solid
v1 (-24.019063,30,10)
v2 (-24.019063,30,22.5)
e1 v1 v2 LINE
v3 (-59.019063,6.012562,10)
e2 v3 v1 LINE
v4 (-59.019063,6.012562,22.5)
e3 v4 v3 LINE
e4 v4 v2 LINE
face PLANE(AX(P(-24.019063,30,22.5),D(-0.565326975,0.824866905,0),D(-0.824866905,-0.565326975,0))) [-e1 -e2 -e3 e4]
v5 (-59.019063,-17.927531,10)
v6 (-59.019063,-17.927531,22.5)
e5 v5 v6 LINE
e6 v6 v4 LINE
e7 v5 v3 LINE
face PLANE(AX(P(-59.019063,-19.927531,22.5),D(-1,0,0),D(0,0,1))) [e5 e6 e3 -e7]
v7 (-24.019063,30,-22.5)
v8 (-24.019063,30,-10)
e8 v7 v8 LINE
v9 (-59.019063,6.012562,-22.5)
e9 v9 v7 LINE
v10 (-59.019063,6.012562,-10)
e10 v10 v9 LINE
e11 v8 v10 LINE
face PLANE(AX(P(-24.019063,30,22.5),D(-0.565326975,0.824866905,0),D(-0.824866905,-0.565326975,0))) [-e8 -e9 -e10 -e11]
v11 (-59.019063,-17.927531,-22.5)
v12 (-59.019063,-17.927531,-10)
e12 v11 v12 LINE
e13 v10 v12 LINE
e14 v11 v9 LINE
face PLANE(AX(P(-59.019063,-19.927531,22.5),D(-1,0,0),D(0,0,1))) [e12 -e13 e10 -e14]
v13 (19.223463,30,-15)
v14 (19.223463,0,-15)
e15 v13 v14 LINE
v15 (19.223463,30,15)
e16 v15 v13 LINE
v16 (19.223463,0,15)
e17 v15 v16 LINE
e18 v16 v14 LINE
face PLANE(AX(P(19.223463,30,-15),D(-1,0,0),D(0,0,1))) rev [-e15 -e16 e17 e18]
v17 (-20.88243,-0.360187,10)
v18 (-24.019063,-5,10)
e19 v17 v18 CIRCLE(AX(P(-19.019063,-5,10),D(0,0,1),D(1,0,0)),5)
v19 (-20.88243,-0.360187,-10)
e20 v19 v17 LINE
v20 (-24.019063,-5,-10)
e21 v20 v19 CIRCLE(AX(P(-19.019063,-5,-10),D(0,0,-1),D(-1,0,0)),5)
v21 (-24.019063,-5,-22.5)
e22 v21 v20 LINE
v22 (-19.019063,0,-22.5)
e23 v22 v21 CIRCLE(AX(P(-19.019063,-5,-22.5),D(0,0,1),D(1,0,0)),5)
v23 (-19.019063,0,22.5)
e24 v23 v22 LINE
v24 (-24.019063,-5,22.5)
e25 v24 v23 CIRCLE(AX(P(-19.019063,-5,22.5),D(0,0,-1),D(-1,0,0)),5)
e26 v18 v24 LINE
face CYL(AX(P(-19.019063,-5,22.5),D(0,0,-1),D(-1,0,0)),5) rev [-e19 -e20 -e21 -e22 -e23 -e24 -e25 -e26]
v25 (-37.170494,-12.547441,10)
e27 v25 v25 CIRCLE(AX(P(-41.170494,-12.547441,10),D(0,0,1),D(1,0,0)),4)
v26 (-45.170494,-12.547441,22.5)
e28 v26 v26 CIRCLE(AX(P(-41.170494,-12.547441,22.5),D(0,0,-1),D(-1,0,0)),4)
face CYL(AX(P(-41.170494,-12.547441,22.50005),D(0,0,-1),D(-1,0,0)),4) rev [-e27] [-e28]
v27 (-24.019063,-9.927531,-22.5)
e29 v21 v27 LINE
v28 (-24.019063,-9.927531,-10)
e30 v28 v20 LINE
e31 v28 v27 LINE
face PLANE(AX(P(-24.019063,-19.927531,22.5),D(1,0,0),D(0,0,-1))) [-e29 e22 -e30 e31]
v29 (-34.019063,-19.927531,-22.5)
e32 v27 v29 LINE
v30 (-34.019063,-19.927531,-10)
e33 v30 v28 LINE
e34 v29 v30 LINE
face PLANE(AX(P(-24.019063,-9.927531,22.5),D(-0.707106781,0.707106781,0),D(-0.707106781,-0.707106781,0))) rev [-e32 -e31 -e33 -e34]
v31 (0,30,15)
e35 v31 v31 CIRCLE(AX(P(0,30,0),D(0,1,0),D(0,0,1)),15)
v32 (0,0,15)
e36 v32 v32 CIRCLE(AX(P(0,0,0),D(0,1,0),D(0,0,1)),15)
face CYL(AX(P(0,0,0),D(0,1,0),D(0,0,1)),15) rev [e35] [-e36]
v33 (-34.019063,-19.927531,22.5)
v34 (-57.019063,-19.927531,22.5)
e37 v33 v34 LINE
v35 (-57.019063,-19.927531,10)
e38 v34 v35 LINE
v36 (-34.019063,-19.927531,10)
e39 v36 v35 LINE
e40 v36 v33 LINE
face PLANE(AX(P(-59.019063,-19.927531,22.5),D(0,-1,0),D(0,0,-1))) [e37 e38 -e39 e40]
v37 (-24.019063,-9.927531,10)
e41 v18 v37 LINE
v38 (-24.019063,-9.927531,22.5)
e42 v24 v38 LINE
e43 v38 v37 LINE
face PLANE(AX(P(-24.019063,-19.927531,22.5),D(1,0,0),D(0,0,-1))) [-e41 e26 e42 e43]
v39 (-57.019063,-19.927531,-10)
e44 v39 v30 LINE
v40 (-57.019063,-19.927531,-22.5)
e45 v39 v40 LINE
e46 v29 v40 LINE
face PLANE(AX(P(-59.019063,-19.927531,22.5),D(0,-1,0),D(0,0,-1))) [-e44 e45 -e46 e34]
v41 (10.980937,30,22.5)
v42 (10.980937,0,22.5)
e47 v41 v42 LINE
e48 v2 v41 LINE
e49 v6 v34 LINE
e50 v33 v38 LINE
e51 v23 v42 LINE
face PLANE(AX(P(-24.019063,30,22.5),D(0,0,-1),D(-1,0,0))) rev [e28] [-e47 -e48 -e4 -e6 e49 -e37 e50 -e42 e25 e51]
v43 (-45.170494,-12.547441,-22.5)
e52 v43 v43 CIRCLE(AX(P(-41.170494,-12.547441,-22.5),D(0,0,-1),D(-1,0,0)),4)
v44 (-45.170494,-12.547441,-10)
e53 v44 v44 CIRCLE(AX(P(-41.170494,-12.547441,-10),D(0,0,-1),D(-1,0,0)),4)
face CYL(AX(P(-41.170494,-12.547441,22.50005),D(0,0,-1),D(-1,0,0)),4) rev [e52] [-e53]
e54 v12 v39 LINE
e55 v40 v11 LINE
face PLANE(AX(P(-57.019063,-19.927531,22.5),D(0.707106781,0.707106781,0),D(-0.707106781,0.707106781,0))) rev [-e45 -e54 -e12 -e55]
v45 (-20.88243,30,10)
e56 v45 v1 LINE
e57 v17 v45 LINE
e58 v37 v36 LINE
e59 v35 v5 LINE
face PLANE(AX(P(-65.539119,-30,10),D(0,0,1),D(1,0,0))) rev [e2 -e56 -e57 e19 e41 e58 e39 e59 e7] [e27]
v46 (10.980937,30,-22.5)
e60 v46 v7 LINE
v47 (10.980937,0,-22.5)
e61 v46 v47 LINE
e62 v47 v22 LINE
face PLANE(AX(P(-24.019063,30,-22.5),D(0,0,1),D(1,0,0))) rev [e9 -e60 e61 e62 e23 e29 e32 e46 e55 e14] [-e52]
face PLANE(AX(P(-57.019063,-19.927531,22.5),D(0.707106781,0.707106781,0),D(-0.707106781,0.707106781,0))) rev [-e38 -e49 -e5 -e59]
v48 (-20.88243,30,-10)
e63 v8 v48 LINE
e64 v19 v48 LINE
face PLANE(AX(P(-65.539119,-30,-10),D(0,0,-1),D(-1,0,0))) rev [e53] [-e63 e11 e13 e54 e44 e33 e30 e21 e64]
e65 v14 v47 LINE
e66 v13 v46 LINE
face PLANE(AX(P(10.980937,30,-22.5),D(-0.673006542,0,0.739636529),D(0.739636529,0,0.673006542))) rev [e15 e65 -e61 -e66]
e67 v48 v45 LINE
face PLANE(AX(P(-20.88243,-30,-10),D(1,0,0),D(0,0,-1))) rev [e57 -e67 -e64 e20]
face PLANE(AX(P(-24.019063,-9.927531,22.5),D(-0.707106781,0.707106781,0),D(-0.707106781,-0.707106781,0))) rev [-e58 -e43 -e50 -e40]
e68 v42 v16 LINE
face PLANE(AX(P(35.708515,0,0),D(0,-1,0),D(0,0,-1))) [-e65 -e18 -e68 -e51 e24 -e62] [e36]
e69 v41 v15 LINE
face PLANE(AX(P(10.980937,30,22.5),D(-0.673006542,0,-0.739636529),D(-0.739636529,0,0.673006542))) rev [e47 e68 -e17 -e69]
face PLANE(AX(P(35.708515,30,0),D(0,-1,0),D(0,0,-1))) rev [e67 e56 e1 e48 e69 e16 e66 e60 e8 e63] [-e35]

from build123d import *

# Parameters (mm, degrees)
EXTRUDE_1_DEPTH       = 30
SKETCH_2_R            = 15
CUT_EXTRUDE_2_DEPTH   = 45.532745299
EXTRUDE_3_DEPTH       = 45
CUT_EXTRUDE_START     = 70
SKETCH_3_W            = 44.656689001
SKETCH_3_H            = 20
CUT_EXTRUDE_1_DEPTH   = 130
SKETCH_7_R            = 3.999999997
CUT_EXTRUDE_2_2_DEPTH = 81.051544881
FILLET_1_R            = 5
CHAMFER_5_SIZE        = 2
CHAMFER_6_SIZE        = 10


with BuildPart() as part:
    # Эскиз1 → Вытянуть1 (new body)
    with BuildSketch(Plane(origin=(0, 0, 0), x_dir=(1, 0, 0), z_dir=(0, 1, 0))):
        Polygon((-24.019063342, 22.5), (10.980936658, 22.5), (19.22346273, 15), (19.22346273, -15), (10.980936658, -22.5), (-24.019063342, -22.5), align=None)
    extrude(amount=EXTRUDE_1_DEPTH)

    # Эскиз2 → Cut-Extrude 2 (cut, through all)
    with BuildSketch(Plane(origin=(0, 30, 0), x_dir=(1, 0, 0), z_dir=(0, 1, 0))):
        with Locations(Location((0, 0, 0), (0, 0, 270))):
            Circle(SKETCH_2_R)
    extrude(amount=-CUT_EXTRUDE_2_DEPTH, mode=Mode.SUBTRACT)

    # Эскиз6 → Вытянуть3 (add)
    with BuildSketch(Plane(origin=(0, 0, -22.5), x_dir=(-1, 0, 0), z_dir=(0, 0, -1))):
        Polygon((24.019063342, -19.927530698), (24.019063342, 30), (59.019063342, 6.012561534), (59.019063342, -19.927530698), align=None)
    extrude(amount=-EXTRUDE_3_DEPTH)

    # Эскиз3 → Вырез-Вытянуть1 (cut)
    with BuildSketch(Plane(origin=(0, 30, 0), x_dir=(1, 0, 0), z_dir=(0, 1, 0)).offset(CUT_EXTRUDE_START)):
        with Locations((-43.210774099, 0)):
            Rectangle(SKETCH_3_W, SKETCH_3_H)
    extrude(amount=-CUT_EXTRUDE_1_DEPTH, mode=Mode.SUBTRACT)

    # Эскиз7 → Cut-Extrude 2 2 (cut, through all)
    with BuildSketch(Plane(origin=(0, 0, -22.5), x_dir=(-1, 0, 0), z_dir=(0, 0, -1))):
        with Locations((41.170494395, -12.547441244)):
            Circle(SKETCH_7_R)
    extrude(amount=-CUT_EXTRUDE_2_2_DEPTH, mode=Mode.SUBTRACT)

    # Скругление1
    fillet_1_edges = [part.edges().sort_by_distance(p)[0] for p in [
        (-24.019063342, 0, -16.25),
    ]]
    fillet(fillet_1_edges, radius=FILLET_1_R)

    # Фаска5
    chamfer_5_edges = [part.edges().sort_by_distance(p)[0] for p in [
        (-59.019063342, -19.927530698, 16.25),
        (-59.019063342, -19.927530698, -16.25),
    ]]
    chamfer(chamfer_5_edges, length=CHAMFER_5_SIZE)

    # Фаска6
    chamfer_6_edges = [part.edges().sort_by_distance(p)[0] for p in [
        (-24.019063342, -19.927530698, 16.25),
        (-24.019063342, -19.927530698, -16.25),
    ]]
    chamfer(chamfer_6_edges, length=CHAMFER_6_SIZE)


solid = part.part
